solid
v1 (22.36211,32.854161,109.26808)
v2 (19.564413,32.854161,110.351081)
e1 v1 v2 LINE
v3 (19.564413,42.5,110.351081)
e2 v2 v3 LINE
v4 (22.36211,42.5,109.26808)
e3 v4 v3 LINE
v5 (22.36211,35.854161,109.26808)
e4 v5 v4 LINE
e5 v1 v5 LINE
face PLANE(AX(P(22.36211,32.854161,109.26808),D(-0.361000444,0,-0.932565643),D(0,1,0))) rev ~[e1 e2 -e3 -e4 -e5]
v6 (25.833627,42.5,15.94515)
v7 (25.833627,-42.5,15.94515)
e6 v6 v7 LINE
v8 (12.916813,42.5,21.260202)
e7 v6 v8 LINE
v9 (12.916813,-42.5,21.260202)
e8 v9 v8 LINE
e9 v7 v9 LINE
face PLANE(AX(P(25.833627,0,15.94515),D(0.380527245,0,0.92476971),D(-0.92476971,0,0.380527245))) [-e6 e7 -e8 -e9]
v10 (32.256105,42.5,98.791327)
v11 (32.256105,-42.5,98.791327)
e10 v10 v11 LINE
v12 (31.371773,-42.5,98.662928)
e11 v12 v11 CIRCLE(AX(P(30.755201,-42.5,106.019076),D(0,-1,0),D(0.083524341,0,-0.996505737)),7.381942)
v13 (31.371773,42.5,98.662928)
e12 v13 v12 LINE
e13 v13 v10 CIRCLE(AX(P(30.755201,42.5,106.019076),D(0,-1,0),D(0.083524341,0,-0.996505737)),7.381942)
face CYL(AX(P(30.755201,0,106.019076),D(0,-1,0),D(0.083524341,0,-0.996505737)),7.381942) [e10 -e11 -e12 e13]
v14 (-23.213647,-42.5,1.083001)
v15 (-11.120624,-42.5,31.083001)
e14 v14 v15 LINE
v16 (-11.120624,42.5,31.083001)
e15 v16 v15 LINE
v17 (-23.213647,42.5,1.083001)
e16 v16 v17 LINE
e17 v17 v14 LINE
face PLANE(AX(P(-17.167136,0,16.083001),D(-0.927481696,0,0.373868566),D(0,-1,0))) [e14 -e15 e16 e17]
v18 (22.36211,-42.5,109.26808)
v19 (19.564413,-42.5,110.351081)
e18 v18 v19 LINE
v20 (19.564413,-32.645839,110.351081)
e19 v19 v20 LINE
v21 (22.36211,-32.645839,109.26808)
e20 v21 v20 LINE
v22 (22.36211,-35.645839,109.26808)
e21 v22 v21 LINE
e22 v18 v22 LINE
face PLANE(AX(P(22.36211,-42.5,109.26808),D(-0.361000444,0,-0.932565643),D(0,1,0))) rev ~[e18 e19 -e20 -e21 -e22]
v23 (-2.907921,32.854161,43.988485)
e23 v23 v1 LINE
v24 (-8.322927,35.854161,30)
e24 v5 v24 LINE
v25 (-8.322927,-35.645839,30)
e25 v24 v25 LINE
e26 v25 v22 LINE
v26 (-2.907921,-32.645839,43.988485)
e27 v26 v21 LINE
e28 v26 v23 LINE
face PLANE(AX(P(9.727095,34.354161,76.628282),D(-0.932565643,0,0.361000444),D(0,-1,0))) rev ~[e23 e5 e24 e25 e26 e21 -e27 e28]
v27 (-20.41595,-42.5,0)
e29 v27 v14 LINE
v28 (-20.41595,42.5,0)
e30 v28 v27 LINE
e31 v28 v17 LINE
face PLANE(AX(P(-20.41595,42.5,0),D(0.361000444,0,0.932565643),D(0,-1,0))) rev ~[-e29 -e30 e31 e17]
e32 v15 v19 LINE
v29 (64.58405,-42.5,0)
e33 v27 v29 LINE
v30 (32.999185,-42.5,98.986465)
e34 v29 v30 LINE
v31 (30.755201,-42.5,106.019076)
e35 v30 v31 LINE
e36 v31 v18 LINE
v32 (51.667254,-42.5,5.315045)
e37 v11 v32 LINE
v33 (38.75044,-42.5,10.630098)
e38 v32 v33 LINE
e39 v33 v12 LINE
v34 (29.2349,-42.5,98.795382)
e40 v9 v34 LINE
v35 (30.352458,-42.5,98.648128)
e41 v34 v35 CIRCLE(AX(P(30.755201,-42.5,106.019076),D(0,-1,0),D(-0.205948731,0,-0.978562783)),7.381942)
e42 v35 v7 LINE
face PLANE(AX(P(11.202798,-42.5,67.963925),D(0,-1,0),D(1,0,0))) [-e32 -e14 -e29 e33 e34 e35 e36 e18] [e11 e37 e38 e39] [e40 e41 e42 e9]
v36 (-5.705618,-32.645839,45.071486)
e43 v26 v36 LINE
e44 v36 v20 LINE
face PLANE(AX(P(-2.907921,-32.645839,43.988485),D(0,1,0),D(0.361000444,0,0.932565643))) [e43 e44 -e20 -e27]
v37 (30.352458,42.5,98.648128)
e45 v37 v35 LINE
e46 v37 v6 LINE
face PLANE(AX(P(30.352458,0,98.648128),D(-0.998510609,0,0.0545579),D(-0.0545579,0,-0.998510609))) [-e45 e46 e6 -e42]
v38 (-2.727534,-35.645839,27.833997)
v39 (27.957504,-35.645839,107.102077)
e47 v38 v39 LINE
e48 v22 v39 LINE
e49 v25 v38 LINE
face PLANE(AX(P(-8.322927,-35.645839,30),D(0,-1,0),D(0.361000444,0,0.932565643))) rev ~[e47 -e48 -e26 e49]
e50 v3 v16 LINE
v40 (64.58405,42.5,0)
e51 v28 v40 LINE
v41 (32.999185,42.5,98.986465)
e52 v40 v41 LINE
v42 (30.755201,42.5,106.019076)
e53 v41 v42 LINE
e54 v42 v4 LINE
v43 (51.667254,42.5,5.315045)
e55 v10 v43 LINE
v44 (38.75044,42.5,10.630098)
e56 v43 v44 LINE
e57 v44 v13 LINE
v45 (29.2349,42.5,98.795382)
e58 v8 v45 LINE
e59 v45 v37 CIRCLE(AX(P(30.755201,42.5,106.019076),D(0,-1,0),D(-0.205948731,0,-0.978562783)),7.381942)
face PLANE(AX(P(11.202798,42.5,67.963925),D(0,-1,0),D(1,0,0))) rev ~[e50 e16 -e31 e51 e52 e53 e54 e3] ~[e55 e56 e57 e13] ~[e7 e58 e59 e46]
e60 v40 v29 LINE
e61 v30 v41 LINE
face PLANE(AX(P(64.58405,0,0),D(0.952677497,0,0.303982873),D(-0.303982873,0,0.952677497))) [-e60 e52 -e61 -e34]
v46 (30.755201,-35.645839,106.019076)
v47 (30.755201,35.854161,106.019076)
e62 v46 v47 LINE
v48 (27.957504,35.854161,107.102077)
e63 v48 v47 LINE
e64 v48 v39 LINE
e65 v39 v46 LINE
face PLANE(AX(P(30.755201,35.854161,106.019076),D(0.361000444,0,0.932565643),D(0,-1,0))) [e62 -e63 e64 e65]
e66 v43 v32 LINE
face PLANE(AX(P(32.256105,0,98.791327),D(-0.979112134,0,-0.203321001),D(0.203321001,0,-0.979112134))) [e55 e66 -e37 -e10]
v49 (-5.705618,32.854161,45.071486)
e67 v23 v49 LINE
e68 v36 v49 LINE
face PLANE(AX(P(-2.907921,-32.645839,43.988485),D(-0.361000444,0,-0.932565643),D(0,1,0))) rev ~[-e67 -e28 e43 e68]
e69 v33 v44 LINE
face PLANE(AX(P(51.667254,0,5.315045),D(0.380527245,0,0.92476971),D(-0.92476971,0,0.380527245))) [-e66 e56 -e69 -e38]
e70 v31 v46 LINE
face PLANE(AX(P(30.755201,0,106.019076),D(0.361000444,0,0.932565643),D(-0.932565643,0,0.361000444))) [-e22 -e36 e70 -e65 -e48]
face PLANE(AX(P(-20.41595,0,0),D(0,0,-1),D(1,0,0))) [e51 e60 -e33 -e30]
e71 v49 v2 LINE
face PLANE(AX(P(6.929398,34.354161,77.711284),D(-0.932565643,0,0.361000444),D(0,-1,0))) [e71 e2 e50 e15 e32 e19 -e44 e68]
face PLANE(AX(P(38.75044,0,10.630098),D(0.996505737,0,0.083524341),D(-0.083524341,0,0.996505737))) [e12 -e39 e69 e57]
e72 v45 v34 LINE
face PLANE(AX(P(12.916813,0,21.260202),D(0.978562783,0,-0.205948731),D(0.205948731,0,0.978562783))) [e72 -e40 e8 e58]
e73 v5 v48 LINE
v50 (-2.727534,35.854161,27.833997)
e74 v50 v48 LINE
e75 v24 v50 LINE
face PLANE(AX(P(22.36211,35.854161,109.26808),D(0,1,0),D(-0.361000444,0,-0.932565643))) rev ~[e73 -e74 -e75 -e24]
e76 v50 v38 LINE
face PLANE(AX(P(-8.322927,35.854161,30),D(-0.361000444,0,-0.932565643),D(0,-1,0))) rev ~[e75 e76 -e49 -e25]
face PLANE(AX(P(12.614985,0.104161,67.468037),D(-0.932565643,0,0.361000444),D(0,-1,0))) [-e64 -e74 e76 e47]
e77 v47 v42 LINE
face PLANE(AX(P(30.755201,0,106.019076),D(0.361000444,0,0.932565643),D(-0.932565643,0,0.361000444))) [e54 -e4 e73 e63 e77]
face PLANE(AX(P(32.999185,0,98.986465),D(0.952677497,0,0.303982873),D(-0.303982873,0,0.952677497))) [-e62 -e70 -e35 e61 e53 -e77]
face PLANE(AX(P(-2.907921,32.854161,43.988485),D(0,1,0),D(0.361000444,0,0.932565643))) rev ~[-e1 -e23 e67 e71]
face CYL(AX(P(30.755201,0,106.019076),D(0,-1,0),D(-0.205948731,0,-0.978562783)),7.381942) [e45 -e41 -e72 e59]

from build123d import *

# Parameters (mm, degrees)
F1_DEPTH  = 42.5
F2_W      = 3
F2_H      = 70
F2_W_2    = 65.5
F3_DEPTH  = 9
F3_FACE_W = 71.5
F3_FACE_H = 85
F4_DEPTH  = 3


with BuildPart() as f1:
    # F0 (on Front) → F1 (new body, symmetric)
    with BuildSketch(Plane.XZ):
        Polygon((22.3621103702, 109.2680796906), (-8.3229273872, 30), (0, 26.5752547967), (28.090155991, 99.1349922478), (30.7552011609, 106.0190756927), align=None)
        with BuildLine():
            Line((28.090155991, 99.1349922478), (0, 26.5752547967))
            Line((0, 26.5752547967), (12.916813397, 21.2602024521))
            Line((12.916813397, 21.2602024521), (29.2348995336, 98.7953817902))
            ThreePointArc((29.2348995336, 98.7953817902), (28.6556498353, 98.9420032142), (28.090155991, 99.1349922478))
        make_face()
        with BuildLine():
            Line((30.3524578973, 98.6481280943), (30.7552011609, 106.0190756927))
            Line((30.7552011609, 106.0190756927), (29.2348995336, 98.7953817902))
            ThreePointArc((29.2348995336, 98.7953817902), (29.7908639139, 98.7003924567), (30.3524578973, 98.6481280943))
        make_face()
        with BuildLine():
            Line((31.3717730218, 98.662927939), (30.7552011609, 106.0190756927))
            Line((30.7552011609, 106.0190756927), (30.3524578973, 98.6481280943))
            ThreePointArc((30.3524578973, 98.6481280943), (30.8623712412, 98.637911475), (31.3717730218, 98.662927939))
        make_face()
        with BuildLine():
            Line((30.7552011609, 106.0190756927), (28.090155991, 99.1349922478))
            ThreePointArc((28.090155991, 99.1349922478), (28.6556498353, 98.9420032142), (29.2348995336, 98.7953817902))
            Line((29.2348995336, 98.7953817902), (30.7552011609, 106.0190756927))
        make_face()
        with BuildLine():
            Line((32.2561050406, 98.7913265148), (30.7552011609, 106.0190756927))
            Line((30.7552011609, 106.0190756927), (31.3717730218, 98.662927939))
            ThreePointArc((31.3717730218, 98.662927939), (31.8158836896, 98.713733592), (32.2561050406, 98.7913265148))
        make_face()
        with BuildLine():
            ThreePointArc((32.2561050406, 98.7913265148), (32.6301854549, 98.8792224357), (32.9991851562, 98.9864654757))
            Line((32.9991851562, 98.9864654757), (30.7552011609, 106.0190756927))
            Line((30.7552011609, 106.0190756927), (32.2561050406, 98.7913265148))
        make_face()
        with BuildLine():
            Line((25.8336267941, 15.9451501074), (38.7504401911, 10.6300977628))
            Line((38.7504401911, 10.6300977628), (31.3717730218, 98.662927939))
            ThreePointArc((31.3717730218, 98.662927939), (30.8623712412, 98.637911475), (30.3524578973, 98.6481280943))
            Line((30.3524578973, 98.6481280943), (25.8336267941, 15.9451501074))
        make_face()
        with BuildLine():
            Line((51.6672535881, 5.3150454182), (64.5840501522, 0))
            Line((64.5840501522, 0), (32.9991851562, 98.9864654757))
            ThreePointArc((32.9991851562, 98.9864654757), (32.6301854549, 98.8792224357), (32.2561050406, 98.7913265148))
            Line((32.2561050406, 98.7913265148), (51.6672535881, 5.3150454182))
        make_face()
        Polygon((-8.3229273872, 30), (-20.4159498478, 0), (64.5840501522, 0), (51.6672535881, 5.3150454182), (38.7504401911, 10.6300977628), (25.8336267941, 15.9451501074), (12.916813397, 21.2602024521), (0, 26.5752547967), align=None)
    extrude(amount=F1_DEPTH, both=True)

    # F2 (on face) → F3 (cut)
    with BuildSketch(Plane(origin=(-17.3379708436, 0, 6.7116081536), x_dir=(0, -1, 0), z_dir=(-0.9325656434, 0, 0.3610004442))):
        with Locations((34.1458392143, 74.9723888187)):
            Rectangle(F2_W, F2_H)
        with Locations((-0.1041607857, 74.9723888187)):
            Rectangle(F2_W_2, F2_H)
        with Locations((-34.3541607857, 74.9723888187)):
            Rectangle(F2_W, F2_H)
        Polygon((-35.8541607857, 35.0806618999), (-35.8541607857, 24.9723888187), (-32.8541607857, 24.9723888187), (-32.8541607857, 39.9723888187), (-35.8541607857, 39.9723888187), align=None)
        Polygon((-32.8541607857, 39.9723888187), (-32.8541607857, 24.9723888187), (-0.1041607857, 24.9723888187), (32.6458392143, 24.9723888187), (32.6458392143, 39.9723888187), align=None)
        Polygon((32.6458392143, 39.9723888187), (32.6458392143, 24.9723888187), (35.6458392143, 24.9723888187), (35.6458392143, 35.0806618999), (35.6458392143, 39.9723888187), align=None)
    extrude(amount=-F3_DEPTH, mode=Mode.SUBTRACT)

    # F3_face (on face) + F2 (on face) + F1_face1 (on face) → F4 (join)
    with BuildSketch(Plane(origin=(15.4126822823, 0.1041607857, 66.3850358474), x_dir=(0, -1, 0), z_dir=(-0.9325656434, 0, 0.3610004442))):
        Rectangle(F3_FACE_W, F3_FACE_H)
    with BuildSketch(Plane(origin=(-17.3379708436, 0, 6.7116081536), x_dir=(0, -1, 0), z_dir=(-0.9325656434, 0, 0.3610004442))):
        with Locations((-34.3541607857, 74.9723888187)):
            Rectangle(F2_W, F2_H)
        Polygon((-35.8541607857, 35.0806618999), (-35.8541607857, 24.9723888187), (-32.8541607857, 24.9723888187), (-32.8541607857, 39.9723888187), (-35.8541607857, 39.9723888187), align=None)
        Polygon((-32.8541607857, 39.9723888187), (-32.8541607857, 24.9723888187), (-0.1041607857, 24.9723888187), (32.6458392143, 24.9723888187), (32.6458392143, 39.9723888187), align=None)
        Polygon((32.6458392143, 39.9723888187), (32.6458392143, 24.9723888187), (35.6458392143, 24.9723888187), (35.6458392143, 35.0806618999), (35.6458392143, 39.9723888187), align=None)
        with Locations((34.1458392143, 74.9723888187)):
            Rectangle(F2_W, F2_H)
        Polygon((-42.5, 24.9723888187), (-35.8541607857, 24.9723888187), (-35.8541607857, 35.0806618999), (-35.8541607857, 39.9723888187), (-35.8541607857, 109.9723888187), (-42.5, 109.9723888187), align=None)
        Polygon((35.6458392143, 35.0806618999), (35.6458392143, 24.9723888187), (42.5, 24.9723888187), (42.5, 109.9723888187), (35.6458392143, 109.9723888187), (35.6458392143, 39.9723888187), align=None)
    with BuildSketch(Plane(origin=(-14.3694386175, 0, 15), x_dir=(0, -1, 0), z_dir=(-0.9274816955, 0, 0.3738685658))):
        Polygon((-35.8541607857, 16.1728259144), (-42.5, 16.1728259144), (-42.5, -16.1728259144), (42.5, -16.1728259144), (42.5, 16.1728259144), (35.6458392143, 16.1728259144), align=None)
    extrude(amount=F4_DEPTH, dir=(-0.9325656434, 0, 0.3610004442))


solid = f1.part
